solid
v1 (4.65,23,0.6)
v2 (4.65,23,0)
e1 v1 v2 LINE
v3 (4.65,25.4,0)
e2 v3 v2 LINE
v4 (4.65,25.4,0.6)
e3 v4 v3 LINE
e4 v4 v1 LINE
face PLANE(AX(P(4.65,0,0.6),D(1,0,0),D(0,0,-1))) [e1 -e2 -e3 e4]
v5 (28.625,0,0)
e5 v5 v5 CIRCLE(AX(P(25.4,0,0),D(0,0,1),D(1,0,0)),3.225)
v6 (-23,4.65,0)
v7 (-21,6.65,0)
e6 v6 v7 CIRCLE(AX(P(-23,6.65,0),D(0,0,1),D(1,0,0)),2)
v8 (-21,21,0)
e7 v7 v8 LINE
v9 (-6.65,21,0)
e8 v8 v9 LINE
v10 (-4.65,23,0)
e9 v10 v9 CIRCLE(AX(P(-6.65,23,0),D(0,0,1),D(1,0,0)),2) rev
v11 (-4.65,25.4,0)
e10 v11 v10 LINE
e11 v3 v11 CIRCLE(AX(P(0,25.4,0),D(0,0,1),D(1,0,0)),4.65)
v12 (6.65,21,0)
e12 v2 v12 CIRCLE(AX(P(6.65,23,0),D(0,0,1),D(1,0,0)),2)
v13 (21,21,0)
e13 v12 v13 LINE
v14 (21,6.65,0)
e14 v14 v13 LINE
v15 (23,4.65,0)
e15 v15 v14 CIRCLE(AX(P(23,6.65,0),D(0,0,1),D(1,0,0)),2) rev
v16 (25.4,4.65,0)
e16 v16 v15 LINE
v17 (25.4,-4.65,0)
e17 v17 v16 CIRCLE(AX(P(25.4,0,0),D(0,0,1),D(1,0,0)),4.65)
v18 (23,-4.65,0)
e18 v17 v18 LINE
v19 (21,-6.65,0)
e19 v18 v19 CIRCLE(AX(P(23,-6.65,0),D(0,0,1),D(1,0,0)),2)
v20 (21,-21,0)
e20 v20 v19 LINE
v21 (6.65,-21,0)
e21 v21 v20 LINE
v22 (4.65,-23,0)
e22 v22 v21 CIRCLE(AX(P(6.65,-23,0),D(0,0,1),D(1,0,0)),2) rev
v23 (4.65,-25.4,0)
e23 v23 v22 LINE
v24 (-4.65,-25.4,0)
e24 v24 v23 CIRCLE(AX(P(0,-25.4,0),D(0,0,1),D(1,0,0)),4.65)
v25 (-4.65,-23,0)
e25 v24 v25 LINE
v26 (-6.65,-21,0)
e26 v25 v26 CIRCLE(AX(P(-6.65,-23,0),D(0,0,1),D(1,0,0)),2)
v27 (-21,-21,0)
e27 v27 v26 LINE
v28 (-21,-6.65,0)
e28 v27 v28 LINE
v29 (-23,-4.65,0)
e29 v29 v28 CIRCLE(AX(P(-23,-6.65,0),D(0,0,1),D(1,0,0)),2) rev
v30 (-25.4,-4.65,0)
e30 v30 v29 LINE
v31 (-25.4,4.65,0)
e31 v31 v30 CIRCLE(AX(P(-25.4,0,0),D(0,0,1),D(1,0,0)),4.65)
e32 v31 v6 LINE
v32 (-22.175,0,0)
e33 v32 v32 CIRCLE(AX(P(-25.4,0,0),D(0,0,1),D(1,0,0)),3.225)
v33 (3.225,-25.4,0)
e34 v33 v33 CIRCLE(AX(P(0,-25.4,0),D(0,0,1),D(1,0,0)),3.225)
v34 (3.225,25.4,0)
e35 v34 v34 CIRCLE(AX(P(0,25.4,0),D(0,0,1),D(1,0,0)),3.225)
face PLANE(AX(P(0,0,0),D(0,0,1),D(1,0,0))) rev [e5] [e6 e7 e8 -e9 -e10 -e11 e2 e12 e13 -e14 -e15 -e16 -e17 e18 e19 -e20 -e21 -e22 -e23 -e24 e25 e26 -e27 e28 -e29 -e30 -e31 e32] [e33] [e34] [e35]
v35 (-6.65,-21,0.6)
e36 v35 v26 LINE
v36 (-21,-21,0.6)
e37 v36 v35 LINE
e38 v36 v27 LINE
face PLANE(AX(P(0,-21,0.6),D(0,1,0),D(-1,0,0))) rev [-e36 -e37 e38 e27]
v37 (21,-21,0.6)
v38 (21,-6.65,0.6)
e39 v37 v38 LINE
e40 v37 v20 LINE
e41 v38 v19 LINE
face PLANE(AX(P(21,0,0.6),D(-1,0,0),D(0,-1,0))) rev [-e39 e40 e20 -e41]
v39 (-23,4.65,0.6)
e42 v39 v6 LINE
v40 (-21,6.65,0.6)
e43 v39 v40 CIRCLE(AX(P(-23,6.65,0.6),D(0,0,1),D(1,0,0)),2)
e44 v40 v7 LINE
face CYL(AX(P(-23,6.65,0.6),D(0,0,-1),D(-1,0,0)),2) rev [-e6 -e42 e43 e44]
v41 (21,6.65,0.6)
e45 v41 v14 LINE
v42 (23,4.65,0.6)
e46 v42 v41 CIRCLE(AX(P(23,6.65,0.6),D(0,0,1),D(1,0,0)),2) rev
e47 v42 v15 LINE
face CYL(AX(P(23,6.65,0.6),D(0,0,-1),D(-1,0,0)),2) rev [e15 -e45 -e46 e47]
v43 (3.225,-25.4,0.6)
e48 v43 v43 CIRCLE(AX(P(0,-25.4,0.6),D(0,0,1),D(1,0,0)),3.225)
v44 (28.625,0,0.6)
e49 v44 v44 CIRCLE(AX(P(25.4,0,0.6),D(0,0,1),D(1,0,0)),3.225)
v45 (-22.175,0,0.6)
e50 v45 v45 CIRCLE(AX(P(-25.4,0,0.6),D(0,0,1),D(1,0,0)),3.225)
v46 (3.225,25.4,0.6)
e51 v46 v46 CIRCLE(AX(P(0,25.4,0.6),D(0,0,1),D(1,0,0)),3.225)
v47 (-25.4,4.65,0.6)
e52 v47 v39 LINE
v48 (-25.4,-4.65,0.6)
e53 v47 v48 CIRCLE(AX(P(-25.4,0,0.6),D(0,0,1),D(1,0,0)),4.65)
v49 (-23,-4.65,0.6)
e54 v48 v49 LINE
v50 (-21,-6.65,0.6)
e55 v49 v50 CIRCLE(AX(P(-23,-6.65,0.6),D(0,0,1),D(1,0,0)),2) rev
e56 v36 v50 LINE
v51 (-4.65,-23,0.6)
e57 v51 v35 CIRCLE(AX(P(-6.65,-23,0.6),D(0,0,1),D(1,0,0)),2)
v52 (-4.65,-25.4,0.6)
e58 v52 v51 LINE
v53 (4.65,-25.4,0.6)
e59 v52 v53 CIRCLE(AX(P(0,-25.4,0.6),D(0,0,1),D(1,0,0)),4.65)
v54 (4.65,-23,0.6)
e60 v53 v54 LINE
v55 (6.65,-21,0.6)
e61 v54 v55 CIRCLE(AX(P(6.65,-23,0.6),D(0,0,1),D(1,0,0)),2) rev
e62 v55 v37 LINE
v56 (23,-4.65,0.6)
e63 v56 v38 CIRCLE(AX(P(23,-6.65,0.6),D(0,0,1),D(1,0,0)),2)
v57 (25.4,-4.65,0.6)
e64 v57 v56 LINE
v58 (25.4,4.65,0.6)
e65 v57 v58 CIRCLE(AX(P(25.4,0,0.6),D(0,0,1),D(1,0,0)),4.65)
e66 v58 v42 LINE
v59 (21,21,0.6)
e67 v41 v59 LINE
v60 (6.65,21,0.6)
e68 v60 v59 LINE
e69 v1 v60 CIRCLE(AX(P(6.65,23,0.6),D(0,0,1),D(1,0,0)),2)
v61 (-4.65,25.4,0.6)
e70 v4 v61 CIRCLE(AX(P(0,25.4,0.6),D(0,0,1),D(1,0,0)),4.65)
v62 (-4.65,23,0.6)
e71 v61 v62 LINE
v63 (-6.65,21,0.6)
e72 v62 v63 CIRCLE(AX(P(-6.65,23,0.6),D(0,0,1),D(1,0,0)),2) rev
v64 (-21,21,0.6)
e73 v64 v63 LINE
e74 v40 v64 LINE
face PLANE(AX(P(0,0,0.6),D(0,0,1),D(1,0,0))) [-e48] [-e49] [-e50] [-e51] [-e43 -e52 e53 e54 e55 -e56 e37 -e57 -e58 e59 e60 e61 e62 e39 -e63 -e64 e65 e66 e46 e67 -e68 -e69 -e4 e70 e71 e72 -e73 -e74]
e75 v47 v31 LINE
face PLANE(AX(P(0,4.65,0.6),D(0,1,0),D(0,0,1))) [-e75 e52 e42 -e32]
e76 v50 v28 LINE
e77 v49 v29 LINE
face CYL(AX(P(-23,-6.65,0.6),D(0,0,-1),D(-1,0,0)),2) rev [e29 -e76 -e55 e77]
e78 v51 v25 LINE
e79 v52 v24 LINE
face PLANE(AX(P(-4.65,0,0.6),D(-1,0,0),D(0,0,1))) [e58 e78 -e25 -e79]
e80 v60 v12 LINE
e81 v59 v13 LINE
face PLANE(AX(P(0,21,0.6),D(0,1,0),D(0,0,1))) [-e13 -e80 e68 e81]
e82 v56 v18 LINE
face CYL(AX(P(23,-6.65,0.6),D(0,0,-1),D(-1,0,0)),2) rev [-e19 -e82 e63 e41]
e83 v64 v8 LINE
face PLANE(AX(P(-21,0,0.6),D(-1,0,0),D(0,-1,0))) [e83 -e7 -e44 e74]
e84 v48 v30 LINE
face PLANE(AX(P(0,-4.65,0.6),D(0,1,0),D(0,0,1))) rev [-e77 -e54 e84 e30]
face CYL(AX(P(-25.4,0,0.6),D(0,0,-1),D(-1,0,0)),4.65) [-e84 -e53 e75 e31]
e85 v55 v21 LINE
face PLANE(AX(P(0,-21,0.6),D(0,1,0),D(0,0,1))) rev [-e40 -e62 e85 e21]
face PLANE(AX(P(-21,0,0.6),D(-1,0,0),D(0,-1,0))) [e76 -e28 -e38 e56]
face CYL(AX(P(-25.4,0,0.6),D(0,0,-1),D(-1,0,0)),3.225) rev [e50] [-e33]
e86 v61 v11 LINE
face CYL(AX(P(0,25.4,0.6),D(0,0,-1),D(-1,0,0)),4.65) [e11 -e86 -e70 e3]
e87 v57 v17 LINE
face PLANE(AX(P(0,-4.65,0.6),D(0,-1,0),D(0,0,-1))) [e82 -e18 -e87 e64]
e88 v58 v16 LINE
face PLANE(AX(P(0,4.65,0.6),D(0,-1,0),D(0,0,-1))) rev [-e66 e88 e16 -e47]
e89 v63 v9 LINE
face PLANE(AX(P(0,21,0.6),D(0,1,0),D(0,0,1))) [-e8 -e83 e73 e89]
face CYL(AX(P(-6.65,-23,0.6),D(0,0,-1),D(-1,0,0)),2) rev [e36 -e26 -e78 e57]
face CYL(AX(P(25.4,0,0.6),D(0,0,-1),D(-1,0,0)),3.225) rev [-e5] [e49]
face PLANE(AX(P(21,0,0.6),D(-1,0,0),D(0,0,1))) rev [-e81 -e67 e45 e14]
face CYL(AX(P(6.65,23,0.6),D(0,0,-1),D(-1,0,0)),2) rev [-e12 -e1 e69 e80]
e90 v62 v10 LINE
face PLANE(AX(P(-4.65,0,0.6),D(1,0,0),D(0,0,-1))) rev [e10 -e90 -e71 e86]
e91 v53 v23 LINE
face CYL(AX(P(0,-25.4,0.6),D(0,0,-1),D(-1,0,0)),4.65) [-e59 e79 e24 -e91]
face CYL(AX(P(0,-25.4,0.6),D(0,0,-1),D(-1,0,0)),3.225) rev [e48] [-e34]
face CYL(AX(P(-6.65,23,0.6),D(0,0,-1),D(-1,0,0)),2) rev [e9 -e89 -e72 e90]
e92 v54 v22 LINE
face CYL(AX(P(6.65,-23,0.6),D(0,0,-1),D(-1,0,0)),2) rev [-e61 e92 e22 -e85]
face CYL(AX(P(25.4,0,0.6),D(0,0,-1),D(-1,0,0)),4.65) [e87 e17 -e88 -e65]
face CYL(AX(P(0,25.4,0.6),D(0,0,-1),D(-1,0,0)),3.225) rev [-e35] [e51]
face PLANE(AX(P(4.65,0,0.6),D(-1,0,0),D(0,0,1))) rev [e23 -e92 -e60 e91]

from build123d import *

# Parameters (mm, degrees)
SKETCH1_R           = 3.225
BOSS_EXTRUDE1_DEPTH = 0.6


with BuildPart() as part:
    # Sketch1 → Boss-Extrude1 (new body)
    with BuildSketch(Plane.XY):
        with BuildLine():
            ThreePointArc((4.65, 25.4), (0, 30.05), (-4.65, 25.4))
            Line((-4.65, 25.4), (-4.65, 23))
            ThreePointArc((-4.65, 23), (-5.235786438, 21.585786438), (-6.65, 21))
            Line((-6.65, 21), (-8.759132098, 21))
            Line((-8.759132098, 21), (-21, 21))
            Line((-21, 21), (-21, 7.133487824))
            Line((-21, 7.133487824), (-21, 6.65))
            ThreePointArc((-21, 6.65), (-21.585786438, 5.235786438), (-23, 4.65))
            Line((-23, 4.65), (-25.4, 4.65))
            ThreePointArc((-25.4, 4.65), (-30.05, 0), (-25.4, -4.65))
            Line((-25.4, -4.65), (-23, -4.65))
            ThreePointArc((-23, -4.65), (-21.585786438, -5.235786438), (-21, -6.65))
            Line((-21, -6.65), (-21, -8.759132098))
            Line((-21, -8.759132098), (-21, -21))
            Line((-21, -21), (-7.133487824, -21))
            Line((-7.133487824, -21), (-6.65, -21))
            ThreePointArc((-6.65, -21), (-5.235786438, -21.585786438), (-4.65, -23))
            Line((-4.65, -23), (-4.65, -25.4))
            ThreePointArc((-4.65, -25.4), (0, -30.05), (4.65, -25.4))
            Line((4.65, -25.4), (4.65, -23))
            ThreePointArc((4.65, -23), (5.235786438, -21.585786438), (6.65, -21))
            Line((6.65, -21), (8.759132098, -21))
            Line((8.759132098, -21), (21, -21))
            Line((21, -21), (21, -7.133487824))
            Line((21, -7.133487824), (21, -6.65))
            ThreePointArc((21, -6.65), (21.585786438, -5.235786438), (23, -4.65))
            Line((23, -4.65), (25.4, -4.65))
            ThreePointArc((25.4, -4.65), (30.05, 0), (25.4, 4.65))
            Line((25.4, 4.65), (23, 4.65))
            ThreePointArc((23, 4.65), (21.585786438, 5.235786438), (21, 6.65))
            Line((21, 6.65), (21, 8.759132098))
            Line((21, 8.759132098), (21, 21))
            Line((21, 21), (7.133487824, 21))
            Line((7.133487824, 21), (6.65, 21))
            ThreePointArc((6.65, 21), (5.235786438, 21.585786438), (4.65, 23))
            Line((4.65, 23), (4.65, 25.4))
        make_face()
        with Locations((0, -25.4)):
            Circle(SKETCH1_R, mode=Mode.SUBTRACT)
        with Locations((25.4, 0)):
            Circle(SKETCH1_R, mode=Mode.SUBTRACT)
        with Locations((-25.4, 0)):
            Circle(SKETCH1_R, mode=Mode.SUBTRACT)
        with Locations((0, 25.4)):
            Circle(SKETCH1_R, mode=Mode.SUBTRACT)
    extrude(amount=BOSS_EXTRUDE1_DEPTH)


solid = part.part
